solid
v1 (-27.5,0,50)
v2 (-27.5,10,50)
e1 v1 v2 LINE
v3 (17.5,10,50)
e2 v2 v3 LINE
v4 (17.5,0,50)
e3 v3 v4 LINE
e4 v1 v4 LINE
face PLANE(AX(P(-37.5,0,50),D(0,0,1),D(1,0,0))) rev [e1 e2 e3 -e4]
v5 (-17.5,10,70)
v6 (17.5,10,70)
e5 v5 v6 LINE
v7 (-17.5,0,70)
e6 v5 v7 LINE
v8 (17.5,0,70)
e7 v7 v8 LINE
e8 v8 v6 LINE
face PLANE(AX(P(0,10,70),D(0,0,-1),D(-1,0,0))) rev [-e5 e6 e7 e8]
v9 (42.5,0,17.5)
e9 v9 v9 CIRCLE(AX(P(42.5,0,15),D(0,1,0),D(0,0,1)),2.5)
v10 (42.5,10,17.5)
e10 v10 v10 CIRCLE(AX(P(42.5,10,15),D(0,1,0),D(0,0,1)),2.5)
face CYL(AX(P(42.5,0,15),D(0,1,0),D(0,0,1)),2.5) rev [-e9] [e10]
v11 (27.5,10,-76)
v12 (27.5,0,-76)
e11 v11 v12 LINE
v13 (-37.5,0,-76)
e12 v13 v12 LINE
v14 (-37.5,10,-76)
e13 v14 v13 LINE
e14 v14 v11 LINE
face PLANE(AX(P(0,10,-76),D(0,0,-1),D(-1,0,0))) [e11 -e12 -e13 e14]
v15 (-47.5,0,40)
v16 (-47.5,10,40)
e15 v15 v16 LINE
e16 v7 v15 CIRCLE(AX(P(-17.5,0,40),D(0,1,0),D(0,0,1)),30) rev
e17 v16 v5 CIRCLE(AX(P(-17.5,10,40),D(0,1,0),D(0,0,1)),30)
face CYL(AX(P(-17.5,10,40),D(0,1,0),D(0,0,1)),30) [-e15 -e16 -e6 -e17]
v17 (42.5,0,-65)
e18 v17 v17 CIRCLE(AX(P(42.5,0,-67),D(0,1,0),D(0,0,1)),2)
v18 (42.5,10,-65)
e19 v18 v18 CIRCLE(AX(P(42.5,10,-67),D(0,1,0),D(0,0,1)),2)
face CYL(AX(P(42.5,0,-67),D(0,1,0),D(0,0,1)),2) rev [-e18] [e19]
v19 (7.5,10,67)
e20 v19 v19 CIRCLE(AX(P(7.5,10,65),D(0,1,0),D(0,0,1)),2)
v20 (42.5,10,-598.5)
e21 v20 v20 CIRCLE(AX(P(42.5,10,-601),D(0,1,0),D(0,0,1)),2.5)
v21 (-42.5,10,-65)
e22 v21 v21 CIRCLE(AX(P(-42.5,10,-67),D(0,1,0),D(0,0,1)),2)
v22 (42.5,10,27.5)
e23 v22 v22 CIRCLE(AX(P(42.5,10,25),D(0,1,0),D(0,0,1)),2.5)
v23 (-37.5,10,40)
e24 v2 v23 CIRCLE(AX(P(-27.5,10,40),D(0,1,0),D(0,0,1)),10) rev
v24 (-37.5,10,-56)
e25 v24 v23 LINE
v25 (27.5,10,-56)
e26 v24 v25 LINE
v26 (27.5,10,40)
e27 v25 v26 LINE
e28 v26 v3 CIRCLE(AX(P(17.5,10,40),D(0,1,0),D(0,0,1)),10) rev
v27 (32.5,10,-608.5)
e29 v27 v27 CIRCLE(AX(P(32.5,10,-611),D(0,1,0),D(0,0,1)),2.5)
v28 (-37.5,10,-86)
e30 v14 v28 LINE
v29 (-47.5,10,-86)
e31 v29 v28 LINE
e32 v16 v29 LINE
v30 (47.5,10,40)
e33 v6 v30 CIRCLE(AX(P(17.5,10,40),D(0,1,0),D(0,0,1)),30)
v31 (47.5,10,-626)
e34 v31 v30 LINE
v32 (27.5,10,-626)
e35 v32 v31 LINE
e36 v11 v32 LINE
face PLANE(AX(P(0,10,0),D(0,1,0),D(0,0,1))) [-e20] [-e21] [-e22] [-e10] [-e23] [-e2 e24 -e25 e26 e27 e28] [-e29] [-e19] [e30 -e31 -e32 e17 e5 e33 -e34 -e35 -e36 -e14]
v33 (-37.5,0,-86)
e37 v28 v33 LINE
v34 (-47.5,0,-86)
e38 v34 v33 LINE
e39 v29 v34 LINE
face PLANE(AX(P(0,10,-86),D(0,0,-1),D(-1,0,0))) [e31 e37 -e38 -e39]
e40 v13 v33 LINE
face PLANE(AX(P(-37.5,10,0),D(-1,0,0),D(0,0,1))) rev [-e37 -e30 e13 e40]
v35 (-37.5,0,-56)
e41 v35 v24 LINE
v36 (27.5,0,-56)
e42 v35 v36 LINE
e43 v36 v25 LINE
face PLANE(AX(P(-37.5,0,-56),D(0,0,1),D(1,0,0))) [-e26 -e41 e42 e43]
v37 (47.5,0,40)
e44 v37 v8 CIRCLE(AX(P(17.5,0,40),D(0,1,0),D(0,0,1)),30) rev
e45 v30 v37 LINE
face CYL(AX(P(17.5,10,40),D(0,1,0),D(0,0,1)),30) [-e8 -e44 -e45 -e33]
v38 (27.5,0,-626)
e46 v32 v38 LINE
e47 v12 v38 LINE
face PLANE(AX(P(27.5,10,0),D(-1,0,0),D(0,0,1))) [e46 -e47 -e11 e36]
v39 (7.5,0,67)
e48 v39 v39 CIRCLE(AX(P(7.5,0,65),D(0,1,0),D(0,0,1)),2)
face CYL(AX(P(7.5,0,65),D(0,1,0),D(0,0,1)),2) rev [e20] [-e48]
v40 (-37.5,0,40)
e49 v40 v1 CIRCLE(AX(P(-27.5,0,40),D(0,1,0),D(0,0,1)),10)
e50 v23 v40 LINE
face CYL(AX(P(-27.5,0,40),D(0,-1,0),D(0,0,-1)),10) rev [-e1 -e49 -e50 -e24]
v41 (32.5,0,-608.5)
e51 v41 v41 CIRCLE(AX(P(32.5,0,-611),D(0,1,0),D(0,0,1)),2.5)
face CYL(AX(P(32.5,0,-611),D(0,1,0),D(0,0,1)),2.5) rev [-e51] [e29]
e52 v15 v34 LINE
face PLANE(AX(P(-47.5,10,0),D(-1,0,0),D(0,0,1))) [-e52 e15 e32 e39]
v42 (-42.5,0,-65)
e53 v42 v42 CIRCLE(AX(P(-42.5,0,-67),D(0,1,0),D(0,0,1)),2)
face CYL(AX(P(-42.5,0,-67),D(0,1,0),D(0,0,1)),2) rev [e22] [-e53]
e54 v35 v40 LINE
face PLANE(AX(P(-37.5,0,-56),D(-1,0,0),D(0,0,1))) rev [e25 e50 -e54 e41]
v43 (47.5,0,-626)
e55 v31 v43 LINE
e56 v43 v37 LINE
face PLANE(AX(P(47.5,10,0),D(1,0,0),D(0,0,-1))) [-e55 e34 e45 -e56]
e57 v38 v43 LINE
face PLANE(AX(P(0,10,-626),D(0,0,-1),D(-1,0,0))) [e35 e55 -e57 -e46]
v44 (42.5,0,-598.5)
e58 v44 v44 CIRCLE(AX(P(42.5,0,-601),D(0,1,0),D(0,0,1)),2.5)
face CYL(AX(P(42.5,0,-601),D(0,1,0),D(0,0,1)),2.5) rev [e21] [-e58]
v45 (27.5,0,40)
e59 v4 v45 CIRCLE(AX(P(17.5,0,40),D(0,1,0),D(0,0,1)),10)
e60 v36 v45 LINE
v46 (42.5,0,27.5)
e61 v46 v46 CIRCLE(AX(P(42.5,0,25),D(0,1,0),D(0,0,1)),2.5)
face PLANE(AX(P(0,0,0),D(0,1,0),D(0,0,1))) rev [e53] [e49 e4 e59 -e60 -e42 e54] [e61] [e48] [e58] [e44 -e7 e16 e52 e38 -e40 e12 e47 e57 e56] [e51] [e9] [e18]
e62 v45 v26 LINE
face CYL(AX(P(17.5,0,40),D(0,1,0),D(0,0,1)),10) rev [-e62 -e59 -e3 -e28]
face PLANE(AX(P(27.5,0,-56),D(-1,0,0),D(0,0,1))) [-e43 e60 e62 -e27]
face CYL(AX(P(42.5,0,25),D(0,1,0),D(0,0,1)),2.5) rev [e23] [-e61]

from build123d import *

# Parameters (mm, degrees)
BOSS_EXTRUDE1_DEPTH = 10
FILLET2_R           = 30
SKETCH2_R           = 2
CUT_EXTRUDE1_DEPTH  = 10
SKETCH3_R           = 2.5
CUT_EXTRUDE2_DEPTH  = 10
SKETCH4_R           = 2.5
CUT_EXTRUDE3_DEPTH  = 11
SKETCH5_W           = 65
SKETCH5_H           = 106
CUT_EXTRUDE4_DEPTH  = 11
FILLET3_R           = 10


with BuildPart() as part:
    # Sketch1 → Boss-Extrude1 (new body)
    with BuildSketch(Plane(origin=(0, 0, 0), x_dir=(1, 0, 0), z_dir=(0, 1, 0))):
        Polygon((-47.5, 86), (-47.5, -70), (47.5, -70), (47.5, 626), (27.5, 626), (27.5, 76), (-37.5, 76), (-37.5, 86), align=None)
    extrude(amount=BOSS_EXTRUDE1_DEPTH)

    # Fillet2
    fillet2_edges = [part.edges().sort_by_distance(p)[0] for p in [
        (47.5, 5, 70),
        (-47.5, 5, 70),
    ]]
    fillet(fillet2_edges, radius=FILLET2_R)

    # Sketch2 → Cut-Extrude1 (cut)
    with BuildSketch(Plane(origin=(0, 10, 0), x_dir=(1, 0, 0), z_dir=(0, 1, 0))):
        with Locations((-42.5, 67)):
            Circle(SKETCH2_R)
        with Locations((42.5, 67)):
            Circle(SKETCH2_R)
        with Locations((7.5, -65)):
            Circle(SKETCH2_R)
    extrude(amount=-CUT_EXTRUDE1_DEPTH, mode=Mode.SUBTRACT)

    # Sketch3 → Cut-Extrude2 (cut)
    with BuildSketch(Plane(origin=(0, 10, 0), x_dir=(1, 0, 0), z_dir=(0, 1, 0))):
        with Locations((42.5, 601)):
            Circle(SKETCH3_R)
        with Locations((32.5, 611)):
            Circle(SKETCH3_R)
    extrude(amount=-CUT_EXTRUDE2_DEPTH, mode=Mode.SUBTRACT)

    # Sketch4 → Cut-Extrude3 (cut, through all)
    with BuildSketch(Plane(origin=(0, 10, 0), x_dir=(1, 0, 0), z_dir=(0, 1, 0))):
        with Locations((42.5, -25)):
            Circle(SKETCH4_R)
        with Locations((42.5, -15)):
            Circle(SKETCH4_R)
    extrude(amount=-CUT_EXTRUDE3_DEPTH, mode=Mode.SUBTRACT)

    # Sketch5 → Cut-Extrude4 (cut, through all)
    with BuildSketch(Plane(origin=(0, 10, 0), x_dir=(1, 0, 0), z_dir=(0, 1, 0))):
        with Locations((-5, 3)):
            Rectangle(SKETCH5_W, SKETCH5_H)
    extrude(amount=-CUT_EXTRUDE4_DEPTH, mode=Mode.SUBTRACT)

    # Fillet3
    fillet3_edges = [part.edges().sort_by_distance(p)[0] for p in [
        (-37.5, 5, 50),
        (27.5, 5, 50),
    ]]
    fillet(fillet3_edges, radius=FILLET3_R)


solid = part.part
